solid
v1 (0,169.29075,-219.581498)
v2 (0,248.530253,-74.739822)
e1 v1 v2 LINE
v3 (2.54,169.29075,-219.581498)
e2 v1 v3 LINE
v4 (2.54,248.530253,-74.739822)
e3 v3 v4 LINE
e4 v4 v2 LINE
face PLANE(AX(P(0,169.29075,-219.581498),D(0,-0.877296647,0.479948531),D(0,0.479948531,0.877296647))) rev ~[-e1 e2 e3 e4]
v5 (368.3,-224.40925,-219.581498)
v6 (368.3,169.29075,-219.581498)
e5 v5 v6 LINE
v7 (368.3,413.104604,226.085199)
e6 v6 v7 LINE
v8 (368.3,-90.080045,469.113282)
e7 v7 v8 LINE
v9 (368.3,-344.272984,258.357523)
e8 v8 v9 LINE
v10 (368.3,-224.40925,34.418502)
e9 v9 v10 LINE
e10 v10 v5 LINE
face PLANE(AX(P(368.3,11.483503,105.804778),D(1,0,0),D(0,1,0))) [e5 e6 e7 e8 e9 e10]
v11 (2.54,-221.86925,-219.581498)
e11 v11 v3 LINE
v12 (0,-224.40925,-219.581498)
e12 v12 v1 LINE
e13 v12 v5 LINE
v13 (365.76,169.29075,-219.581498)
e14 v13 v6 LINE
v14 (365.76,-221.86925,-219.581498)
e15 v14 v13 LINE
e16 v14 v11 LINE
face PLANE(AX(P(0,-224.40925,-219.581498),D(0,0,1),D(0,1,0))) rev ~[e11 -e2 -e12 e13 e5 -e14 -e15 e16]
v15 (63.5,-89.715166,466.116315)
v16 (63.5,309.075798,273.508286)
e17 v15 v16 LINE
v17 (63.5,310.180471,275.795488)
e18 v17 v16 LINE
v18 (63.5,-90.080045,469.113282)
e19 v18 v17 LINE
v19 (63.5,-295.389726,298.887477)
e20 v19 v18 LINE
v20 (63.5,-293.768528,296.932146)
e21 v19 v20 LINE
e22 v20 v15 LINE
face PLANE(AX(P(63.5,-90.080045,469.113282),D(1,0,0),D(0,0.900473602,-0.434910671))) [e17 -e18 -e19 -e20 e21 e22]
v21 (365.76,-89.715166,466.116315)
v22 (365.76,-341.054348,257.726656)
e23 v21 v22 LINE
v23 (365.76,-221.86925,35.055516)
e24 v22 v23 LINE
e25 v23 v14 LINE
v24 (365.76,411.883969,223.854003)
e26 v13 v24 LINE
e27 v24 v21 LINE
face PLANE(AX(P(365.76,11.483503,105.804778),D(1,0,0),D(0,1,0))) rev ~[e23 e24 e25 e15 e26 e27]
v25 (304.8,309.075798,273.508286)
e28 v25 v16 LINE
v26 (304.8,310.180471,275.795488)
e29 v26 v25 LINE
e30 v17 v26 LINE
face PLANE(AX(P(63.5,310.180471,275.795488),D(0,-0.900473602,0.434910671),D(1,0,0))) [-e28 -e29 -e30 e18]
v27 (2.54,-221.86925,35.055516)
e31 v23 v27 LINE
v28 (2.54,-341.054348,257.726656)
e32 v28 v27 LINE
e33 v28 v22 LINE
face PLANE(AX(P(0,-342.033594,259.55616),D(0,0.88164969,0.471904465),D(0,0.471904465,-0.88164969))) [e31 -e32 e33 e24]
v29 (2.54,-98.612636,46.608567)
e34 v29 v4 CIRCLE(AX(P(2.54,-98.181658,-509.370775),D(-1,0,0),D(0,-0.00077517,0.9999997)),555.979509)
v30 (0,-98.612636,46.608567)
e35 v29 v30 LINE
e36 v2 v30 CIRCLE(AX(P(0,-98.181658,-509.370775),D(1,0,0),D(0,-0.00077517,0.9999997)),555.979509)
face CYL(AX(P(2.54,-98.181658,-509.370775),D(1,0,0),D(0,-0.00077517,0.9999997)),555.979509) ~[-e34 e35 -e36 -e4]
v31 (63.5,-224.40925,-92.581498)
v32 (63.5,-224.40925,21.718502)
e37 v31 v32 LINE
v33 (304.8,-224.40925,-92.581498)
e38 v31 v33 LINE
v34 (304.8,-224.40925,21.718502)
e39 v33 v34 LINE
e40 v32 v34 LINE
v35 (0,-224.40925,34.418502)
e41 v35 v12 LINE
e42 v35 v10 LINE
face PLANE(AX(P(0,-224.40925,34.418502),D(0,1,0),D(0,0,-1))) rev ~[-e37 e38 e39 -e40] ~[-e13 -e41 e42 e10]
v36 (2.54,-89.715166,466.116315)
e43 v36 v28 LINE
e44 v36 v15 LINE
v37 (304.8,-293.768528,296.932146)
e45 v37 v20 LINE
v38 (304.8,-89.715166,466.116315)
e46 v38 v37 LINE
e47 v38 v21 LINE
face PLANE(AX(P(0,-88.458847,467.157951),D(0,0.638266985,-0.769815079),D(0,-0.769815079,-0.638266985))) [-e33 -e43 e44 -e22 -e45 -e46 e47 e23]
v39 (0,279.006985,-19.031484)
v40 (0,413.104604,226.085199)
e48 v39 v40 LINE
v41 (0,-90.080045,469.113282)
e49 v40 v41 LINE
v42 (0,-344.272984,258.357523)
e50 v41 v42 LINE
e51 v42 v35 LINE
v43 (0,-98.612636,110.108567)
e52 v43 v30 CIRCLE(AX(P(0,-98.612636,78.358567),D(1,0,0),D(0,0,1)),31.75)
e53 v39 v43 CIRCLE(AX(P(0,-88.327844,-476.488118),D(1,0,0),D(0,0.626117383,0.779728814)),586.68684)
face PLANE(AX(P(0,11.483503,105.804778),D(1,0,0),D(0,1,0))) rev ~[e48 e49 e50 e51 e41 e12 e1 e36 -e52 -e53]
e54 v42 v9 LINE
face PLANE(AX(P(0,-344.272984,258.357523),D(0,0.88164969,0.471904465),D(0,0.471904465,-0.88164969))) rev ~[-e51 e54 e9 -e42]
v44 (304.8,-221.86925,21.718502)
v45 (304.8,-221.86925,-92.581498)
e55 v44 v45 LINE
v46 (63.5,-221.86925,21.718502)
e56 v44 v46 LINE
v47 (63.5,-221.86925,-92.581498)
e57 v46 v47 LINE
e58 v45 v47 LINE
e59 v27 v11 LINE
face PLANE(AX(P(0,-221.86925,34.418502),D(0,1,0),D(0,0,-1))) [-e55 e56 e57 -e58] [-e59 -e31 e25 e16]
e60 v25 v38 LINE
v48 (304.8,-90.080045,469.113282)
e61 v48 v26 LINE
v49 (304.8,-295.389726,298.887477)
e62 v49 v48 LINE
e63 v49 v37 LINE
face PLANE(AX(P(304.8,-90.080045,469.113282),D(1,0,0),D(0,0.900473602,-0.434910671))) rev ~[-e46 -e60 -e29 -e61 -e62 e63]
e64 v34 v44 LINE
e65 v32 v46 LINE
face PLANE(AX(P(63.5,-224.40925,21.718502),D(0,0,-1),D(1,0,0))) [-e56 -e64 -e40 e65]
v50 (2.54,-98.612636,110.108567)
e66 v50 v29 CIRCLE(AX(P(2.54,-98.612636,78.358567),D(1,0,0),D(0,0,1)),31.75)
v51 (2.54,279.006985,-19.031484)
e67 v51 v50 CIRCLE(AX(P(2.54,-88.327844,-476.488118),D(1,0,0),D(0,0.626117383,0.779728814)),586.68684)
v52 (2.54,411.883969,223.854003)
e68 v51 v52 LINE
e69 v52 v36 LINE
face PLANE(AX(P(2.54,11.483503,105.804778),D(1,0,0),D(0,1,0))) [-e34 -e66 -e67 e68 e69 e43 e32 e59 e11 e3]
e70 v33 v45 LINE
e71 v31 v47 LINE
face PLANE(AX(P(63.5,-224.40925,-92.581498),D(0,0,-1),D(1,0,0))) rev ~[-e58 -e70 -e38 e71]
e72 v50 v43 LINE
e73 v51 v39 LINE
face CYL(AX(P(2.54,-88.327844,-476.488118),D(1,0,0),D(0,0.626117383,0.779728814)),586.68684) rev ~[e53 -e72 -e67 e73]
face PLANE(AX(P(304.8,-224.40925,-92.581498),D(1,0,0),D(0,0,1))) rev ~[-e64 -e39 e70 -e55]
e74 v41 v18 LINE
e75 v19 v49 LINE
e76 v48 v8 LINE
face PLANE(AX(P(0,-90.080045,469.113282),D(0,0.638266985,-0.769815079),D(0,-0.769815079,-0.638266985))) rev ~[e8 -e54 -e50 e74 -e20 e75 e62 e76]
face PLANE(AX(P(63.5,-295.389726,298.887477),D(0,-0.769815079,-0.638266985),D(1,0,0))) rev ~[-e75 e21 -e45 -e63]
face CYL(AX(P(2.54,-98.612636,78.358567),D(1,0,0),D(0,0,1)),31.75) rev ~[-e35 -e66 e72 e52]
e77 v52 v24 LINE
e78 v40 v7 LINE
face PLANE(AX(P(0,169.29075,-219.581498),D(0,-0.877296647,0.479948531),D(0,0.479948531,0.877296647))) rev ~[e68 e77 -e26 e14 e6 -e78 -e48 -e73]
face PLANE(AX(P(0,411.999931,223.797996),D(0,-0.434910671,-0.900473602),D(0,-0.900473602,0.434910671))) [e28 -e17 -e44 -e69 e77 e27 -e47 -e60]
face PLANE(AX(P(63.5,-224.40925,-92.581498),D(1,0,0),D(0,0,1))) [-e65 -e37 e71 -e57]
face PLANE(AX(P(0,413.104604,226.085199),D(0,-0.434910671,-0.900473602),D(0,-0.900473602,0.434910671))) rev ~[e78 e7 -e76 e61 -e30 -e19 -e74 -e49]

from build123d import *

# Parameters (mm, degrees)
F1_DEPTH  = 368.3
F2_T      = -2.54
F3_W      = 241.3
F3_H      = 444.5
F4_DEPTH  = 25.4
F5_W      = 241.3
F5_H      = 266.7
F6_DEPTH  = 25.4
F7_W      = 241.3
F7_H      = 114.3
F8_DEPTH  = 25.4
F10_DEPTH = 25.4


with BuildPart() as f1:
    # F0 (on Right) → F1 (new body)
    with BuildSketch(Plane.YZ):
        Polygon((-224.4092495818, -219.5814980744), (169.2907504182, -219.5814980744), (413.1046041976, 226.0851988026), (-90.0800447439, 469.1132816853), (-344.2729837605, 258.357523154), (-224.4092495818, 34.4185019256), align=None)
    extrude(amount=F1_DEPTH)

    # F2
    f2_openings = [f1.faces().sort_by_distance(p)[0] for p in [
        (184.15, 291.197677, 3.25185),
        (184.15, -27.55925, -219.581498),
    ]]
    offset(amount=F2_T, openings=f2_openings, kind=Kind.INTERSECTION)

    # F3 (on face) → F4 (cut)
    with BuildSketch(Plane(origin=(0, 166.6783638091, 345.1041253529), x_dir=(1, 0, 0), z_dir=(0, 0.4349106709, 0.9004736023))):
        with Locations((184.15, -62.8870744342)):
            Rectangle(F3_W, F3_H)
    extrude(amount=-F4_DEPTH, mode=Mode.SUBTRACT)

    # F5 (on face) → F6 (cut)
    with BuildSketch(Plane(origin=(0, -267.194897424, 322.2642965476), x_dir=(1, 0, 0), z_dir=(0, -0.6382669853, 0.7698150788))):
        with Locations((184.15, 96.7245433025)):
            Rectangle(F5_W, F5_H)
    extrude(amount=-F6_DEPTH, mode=Mode.SUBTRACT)

    # F7 (on face) → F8 (cut)
    with BuildSketch(Plane.XZ.offset(224.4092495818)):
        with Locations((184.15, -35.4314980744)):
            Rectangle(F7_W, F7_H)
    extrude(amount=-F8_DEPTH, mode=Mode.SUBTRACT)

    # F9 (on face) → F10 (cut)
    with BuildSketch(Plane.YZ.offset(2.54)):
        with BuildLine():
            ThreePointArc((-98.6126363277, 46.6085672379), (85.2821775, 15.4665672824), (248.5302528965, -74.7398215894))
            Line((248.5302528965, -74.7398215894), (279.006984619, -19.0314844798))
            ThreePointArc((279.006984619, -19.0314844798), (101.5154343461, 78.6343708282), (-98.6126363277, 110.1085672379))
            ThreePointArc((-98.6126363277, 110.1085672379), (-130.3626363277, 78.3585672379), (-98.6126363277, 46.6085672379))
        make_face()
    extrude(amount=-F10_DEPTH, mode=Mode.SUBTRACT)


solid = f1.part
